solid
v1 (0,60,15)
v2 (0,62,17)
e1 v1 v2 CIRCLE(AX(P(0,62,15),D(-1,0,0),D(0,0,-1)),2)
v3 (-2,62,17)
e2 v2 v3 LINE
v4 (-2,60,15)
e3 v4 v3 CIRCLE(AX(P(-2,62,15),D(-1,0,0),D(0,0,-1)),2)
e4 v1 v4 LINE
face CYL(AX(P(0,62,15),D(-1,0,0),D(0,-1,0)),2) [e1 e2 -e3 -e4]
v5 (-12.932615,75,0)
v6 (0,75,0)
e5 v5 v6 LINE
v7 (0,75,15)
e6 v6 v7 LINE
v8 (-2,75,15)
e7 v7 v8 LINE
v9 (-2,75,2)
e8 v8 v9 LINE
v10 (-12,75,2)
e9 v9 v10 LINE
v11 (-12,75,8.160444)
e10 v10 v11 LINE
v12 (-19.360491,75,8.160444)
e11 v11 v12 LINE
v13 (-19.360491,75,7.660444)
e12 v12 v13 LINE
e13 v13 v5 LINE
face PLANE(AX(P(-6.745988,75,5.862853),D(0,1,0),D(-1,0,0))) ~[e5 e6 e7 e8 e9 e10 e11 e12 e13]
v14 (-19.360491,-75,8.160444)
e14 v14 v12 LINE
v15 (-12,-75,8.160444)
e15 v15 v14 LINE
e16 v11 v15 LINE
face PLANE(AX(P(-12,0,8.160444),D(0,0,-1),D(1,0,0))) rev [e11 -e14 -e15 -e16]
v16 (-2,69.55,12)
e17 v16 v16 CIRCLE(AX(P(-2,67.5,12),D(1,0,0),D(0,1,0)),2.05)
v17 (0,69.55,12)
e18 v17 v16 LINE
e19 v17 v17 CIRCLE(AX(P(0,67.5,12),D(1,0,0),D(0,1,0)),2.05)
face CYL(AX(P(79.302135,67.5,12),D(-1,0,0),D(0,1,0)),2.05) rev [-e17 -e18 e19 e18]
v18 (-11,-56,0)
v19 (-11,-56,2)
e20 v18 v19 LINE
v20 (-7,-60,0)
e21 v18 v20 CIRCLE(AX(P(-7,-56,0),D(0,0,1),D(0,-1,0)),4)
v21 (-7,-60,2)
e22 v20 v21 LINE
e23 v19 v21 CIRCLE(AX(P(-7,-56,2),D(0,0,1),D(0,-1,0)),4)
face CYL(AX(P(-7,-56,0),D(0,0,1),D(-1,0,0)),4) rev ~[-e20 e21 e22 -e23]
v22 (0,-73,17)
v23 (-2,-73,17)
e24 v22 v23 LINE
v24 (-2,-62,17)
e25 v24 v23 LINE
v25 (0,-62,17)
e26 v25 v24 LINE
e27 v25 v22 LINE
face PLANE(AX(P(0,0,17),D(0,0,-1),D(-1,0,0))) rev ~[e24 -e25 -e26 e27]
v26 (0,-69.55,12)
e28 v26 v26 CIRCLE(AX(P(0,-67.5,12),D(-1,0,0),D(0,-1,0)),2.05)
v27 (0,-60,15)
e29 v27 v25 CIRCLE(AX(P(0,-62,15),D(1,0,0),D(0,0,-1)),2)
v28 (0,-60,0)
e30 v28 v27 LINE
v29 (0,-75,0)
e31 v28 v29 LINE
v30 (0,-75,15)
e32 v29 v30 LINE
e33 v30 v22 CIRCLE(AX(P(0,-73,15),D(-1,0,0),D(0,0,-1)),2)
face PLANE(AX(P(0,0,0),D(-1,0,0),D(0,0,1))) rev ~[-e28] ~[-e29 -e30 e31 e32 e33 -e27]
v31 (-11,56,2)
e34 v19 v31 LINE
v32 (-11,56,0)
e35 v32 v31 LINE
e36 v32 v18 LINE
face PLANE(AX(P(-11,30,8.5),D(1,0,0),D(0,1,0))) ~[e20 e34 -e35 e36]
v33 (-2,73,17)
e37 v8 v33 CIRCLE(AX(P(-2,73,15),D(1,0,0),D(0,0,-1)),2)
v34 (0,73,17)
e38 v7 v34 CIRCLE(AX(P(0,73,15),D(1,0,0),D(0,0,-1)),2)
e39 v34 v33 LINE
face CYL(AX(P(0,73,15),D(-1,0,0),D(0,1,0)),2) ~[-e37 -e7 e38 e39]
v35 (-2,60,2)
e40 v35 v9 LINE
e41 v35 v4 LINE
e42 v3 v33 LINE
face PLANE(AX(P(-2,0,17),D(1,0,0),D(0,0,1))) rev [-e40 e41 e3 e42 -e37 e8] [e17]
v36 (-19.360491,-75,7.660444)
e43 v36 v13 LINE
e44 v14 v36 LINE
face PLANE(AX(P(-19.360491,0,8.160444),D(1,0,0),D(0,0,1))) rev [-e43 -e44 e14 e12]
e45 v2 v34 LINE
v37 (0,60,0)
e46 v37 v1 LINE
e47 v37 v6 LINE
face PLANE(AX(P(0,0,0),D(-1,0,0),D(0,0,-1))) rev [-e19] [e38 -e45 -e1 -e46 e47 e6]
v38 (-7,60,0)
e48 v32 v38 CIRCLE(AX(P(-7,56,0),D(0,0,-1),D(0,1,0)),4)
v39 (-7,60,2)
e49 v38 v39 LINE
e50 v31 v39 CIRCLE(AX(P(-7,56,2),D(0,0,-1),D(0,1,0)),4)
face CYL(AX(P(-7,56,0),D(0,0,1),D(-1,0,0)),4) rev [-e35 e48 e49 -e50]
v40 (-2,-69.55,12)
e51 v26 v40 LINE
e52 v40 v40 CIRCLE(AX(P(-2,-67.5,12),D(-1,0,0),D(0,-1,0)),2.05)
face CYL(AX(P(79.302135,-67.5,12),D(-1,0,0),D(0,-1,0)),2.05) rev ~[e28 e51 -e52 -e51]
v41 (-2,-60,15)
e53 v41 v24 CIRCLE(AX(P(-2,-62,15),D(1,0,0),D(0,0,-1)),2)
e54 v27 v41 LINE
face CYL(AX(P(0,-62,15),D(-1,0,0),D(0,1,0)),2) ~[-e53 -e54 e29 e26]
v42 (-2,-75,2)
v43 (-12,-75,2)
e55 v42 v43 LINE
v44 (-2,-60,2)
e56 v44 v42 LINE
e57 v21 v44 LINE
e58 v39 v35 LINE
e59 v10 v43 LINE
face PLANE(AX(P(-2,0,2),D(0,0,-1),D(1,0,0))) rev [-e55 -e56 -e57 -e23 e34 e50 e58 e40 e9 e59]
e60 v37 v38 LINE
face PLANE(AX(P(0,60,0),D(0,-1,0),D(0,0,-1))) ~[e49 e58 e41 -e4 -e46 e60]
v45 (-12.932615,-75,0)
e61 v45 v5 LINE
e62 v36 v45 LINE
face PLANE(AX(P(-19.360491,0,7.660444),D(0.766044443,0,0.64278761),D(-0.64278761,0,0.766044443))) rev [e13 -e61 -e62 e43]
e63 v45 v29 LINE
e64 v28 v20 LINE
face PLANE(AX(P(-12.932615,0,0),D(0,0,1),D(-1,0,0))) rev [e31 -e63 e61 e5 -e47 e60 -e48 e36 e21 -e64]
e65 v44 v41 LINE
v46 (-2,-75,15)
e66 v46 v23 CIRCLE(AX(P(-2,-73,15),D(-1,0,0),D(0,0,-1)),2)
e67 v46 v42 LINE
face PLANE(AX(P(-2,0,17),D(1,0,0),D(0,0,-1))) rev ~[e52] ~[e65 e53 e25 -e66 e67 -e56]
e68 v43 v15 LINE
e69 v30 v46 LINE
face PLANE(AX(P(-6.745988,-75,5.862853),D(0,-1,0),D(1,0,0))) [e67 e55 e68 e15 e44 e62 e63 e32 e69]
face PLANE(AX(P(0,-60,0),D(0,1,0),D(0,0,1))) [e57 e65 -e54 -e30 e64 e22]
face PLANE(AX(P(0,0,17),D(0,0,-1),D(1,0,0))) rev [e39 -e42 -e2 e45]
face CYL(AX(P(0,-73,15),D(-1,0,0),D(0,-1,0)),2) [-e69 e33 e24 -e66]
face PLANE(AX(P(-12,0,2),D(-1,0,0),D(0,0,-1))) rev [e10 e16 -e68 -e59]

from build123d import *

# Parameters (mm, degrees)
F1_DEPTH = 75
F3_D     = 4.1
F2_W     = 60
F2_H     = 17
F4_DEPTH = 11
F5_R     = 4
F6_R     = 2


with BuildPart() as f1:
    # F0 (on Front) → F1 (new body)
    with BuildSketch(Plane.XZ):
        Polygon((-19.3604914132, 7.6604444312), (-12.9326153163, 0), (0, 0), (0, 17), (-2, 17), (-2, 2), (-12, 2), (-12, 8.1604444312), (-19.3604914132, 8.1604444312), align=None)
    extrude(amount=F1_DEPTH)

    # F3 (through all)
    with Locations(Plane.YZ):
        with Locations((-67.5, 12)):
            Hole(F3_D / 2)

    # F2 (on face) → F4 (cut)
    with BuildSketch(Plane.YZ):
        with Locations((-30, 8.5)):
            Rectangle(F2_W, F2_H)
    extrude(amount=-F4_DEPTH, mode=Mode.SUBTRACT)

    # F5
    f5_edges = [f1.edges().sort_by_distance(p)[0] for p in [
        (-11, -60, 1),
    ]]
    fillet(f5_edges, radius=F5_R)

    # F6
    f6_edges = [f1.edges().sort_by_distance(p)[0] for p in [
        (-1, -60, 17),
        (-1, -75, 17),
    ]]
    fillet(f6_edges, radius=F6_R)

    # F7: F1 across face


with BuildPart() as f1_1:
    add(f1.part)
    add(f1.part.mirror(Plane(origin=(-14.4459717542, 0, 4.9195457807), x_dir=(1, 0, 0), z_dir=(0, 1, 0))))


solid = f1_1.part
